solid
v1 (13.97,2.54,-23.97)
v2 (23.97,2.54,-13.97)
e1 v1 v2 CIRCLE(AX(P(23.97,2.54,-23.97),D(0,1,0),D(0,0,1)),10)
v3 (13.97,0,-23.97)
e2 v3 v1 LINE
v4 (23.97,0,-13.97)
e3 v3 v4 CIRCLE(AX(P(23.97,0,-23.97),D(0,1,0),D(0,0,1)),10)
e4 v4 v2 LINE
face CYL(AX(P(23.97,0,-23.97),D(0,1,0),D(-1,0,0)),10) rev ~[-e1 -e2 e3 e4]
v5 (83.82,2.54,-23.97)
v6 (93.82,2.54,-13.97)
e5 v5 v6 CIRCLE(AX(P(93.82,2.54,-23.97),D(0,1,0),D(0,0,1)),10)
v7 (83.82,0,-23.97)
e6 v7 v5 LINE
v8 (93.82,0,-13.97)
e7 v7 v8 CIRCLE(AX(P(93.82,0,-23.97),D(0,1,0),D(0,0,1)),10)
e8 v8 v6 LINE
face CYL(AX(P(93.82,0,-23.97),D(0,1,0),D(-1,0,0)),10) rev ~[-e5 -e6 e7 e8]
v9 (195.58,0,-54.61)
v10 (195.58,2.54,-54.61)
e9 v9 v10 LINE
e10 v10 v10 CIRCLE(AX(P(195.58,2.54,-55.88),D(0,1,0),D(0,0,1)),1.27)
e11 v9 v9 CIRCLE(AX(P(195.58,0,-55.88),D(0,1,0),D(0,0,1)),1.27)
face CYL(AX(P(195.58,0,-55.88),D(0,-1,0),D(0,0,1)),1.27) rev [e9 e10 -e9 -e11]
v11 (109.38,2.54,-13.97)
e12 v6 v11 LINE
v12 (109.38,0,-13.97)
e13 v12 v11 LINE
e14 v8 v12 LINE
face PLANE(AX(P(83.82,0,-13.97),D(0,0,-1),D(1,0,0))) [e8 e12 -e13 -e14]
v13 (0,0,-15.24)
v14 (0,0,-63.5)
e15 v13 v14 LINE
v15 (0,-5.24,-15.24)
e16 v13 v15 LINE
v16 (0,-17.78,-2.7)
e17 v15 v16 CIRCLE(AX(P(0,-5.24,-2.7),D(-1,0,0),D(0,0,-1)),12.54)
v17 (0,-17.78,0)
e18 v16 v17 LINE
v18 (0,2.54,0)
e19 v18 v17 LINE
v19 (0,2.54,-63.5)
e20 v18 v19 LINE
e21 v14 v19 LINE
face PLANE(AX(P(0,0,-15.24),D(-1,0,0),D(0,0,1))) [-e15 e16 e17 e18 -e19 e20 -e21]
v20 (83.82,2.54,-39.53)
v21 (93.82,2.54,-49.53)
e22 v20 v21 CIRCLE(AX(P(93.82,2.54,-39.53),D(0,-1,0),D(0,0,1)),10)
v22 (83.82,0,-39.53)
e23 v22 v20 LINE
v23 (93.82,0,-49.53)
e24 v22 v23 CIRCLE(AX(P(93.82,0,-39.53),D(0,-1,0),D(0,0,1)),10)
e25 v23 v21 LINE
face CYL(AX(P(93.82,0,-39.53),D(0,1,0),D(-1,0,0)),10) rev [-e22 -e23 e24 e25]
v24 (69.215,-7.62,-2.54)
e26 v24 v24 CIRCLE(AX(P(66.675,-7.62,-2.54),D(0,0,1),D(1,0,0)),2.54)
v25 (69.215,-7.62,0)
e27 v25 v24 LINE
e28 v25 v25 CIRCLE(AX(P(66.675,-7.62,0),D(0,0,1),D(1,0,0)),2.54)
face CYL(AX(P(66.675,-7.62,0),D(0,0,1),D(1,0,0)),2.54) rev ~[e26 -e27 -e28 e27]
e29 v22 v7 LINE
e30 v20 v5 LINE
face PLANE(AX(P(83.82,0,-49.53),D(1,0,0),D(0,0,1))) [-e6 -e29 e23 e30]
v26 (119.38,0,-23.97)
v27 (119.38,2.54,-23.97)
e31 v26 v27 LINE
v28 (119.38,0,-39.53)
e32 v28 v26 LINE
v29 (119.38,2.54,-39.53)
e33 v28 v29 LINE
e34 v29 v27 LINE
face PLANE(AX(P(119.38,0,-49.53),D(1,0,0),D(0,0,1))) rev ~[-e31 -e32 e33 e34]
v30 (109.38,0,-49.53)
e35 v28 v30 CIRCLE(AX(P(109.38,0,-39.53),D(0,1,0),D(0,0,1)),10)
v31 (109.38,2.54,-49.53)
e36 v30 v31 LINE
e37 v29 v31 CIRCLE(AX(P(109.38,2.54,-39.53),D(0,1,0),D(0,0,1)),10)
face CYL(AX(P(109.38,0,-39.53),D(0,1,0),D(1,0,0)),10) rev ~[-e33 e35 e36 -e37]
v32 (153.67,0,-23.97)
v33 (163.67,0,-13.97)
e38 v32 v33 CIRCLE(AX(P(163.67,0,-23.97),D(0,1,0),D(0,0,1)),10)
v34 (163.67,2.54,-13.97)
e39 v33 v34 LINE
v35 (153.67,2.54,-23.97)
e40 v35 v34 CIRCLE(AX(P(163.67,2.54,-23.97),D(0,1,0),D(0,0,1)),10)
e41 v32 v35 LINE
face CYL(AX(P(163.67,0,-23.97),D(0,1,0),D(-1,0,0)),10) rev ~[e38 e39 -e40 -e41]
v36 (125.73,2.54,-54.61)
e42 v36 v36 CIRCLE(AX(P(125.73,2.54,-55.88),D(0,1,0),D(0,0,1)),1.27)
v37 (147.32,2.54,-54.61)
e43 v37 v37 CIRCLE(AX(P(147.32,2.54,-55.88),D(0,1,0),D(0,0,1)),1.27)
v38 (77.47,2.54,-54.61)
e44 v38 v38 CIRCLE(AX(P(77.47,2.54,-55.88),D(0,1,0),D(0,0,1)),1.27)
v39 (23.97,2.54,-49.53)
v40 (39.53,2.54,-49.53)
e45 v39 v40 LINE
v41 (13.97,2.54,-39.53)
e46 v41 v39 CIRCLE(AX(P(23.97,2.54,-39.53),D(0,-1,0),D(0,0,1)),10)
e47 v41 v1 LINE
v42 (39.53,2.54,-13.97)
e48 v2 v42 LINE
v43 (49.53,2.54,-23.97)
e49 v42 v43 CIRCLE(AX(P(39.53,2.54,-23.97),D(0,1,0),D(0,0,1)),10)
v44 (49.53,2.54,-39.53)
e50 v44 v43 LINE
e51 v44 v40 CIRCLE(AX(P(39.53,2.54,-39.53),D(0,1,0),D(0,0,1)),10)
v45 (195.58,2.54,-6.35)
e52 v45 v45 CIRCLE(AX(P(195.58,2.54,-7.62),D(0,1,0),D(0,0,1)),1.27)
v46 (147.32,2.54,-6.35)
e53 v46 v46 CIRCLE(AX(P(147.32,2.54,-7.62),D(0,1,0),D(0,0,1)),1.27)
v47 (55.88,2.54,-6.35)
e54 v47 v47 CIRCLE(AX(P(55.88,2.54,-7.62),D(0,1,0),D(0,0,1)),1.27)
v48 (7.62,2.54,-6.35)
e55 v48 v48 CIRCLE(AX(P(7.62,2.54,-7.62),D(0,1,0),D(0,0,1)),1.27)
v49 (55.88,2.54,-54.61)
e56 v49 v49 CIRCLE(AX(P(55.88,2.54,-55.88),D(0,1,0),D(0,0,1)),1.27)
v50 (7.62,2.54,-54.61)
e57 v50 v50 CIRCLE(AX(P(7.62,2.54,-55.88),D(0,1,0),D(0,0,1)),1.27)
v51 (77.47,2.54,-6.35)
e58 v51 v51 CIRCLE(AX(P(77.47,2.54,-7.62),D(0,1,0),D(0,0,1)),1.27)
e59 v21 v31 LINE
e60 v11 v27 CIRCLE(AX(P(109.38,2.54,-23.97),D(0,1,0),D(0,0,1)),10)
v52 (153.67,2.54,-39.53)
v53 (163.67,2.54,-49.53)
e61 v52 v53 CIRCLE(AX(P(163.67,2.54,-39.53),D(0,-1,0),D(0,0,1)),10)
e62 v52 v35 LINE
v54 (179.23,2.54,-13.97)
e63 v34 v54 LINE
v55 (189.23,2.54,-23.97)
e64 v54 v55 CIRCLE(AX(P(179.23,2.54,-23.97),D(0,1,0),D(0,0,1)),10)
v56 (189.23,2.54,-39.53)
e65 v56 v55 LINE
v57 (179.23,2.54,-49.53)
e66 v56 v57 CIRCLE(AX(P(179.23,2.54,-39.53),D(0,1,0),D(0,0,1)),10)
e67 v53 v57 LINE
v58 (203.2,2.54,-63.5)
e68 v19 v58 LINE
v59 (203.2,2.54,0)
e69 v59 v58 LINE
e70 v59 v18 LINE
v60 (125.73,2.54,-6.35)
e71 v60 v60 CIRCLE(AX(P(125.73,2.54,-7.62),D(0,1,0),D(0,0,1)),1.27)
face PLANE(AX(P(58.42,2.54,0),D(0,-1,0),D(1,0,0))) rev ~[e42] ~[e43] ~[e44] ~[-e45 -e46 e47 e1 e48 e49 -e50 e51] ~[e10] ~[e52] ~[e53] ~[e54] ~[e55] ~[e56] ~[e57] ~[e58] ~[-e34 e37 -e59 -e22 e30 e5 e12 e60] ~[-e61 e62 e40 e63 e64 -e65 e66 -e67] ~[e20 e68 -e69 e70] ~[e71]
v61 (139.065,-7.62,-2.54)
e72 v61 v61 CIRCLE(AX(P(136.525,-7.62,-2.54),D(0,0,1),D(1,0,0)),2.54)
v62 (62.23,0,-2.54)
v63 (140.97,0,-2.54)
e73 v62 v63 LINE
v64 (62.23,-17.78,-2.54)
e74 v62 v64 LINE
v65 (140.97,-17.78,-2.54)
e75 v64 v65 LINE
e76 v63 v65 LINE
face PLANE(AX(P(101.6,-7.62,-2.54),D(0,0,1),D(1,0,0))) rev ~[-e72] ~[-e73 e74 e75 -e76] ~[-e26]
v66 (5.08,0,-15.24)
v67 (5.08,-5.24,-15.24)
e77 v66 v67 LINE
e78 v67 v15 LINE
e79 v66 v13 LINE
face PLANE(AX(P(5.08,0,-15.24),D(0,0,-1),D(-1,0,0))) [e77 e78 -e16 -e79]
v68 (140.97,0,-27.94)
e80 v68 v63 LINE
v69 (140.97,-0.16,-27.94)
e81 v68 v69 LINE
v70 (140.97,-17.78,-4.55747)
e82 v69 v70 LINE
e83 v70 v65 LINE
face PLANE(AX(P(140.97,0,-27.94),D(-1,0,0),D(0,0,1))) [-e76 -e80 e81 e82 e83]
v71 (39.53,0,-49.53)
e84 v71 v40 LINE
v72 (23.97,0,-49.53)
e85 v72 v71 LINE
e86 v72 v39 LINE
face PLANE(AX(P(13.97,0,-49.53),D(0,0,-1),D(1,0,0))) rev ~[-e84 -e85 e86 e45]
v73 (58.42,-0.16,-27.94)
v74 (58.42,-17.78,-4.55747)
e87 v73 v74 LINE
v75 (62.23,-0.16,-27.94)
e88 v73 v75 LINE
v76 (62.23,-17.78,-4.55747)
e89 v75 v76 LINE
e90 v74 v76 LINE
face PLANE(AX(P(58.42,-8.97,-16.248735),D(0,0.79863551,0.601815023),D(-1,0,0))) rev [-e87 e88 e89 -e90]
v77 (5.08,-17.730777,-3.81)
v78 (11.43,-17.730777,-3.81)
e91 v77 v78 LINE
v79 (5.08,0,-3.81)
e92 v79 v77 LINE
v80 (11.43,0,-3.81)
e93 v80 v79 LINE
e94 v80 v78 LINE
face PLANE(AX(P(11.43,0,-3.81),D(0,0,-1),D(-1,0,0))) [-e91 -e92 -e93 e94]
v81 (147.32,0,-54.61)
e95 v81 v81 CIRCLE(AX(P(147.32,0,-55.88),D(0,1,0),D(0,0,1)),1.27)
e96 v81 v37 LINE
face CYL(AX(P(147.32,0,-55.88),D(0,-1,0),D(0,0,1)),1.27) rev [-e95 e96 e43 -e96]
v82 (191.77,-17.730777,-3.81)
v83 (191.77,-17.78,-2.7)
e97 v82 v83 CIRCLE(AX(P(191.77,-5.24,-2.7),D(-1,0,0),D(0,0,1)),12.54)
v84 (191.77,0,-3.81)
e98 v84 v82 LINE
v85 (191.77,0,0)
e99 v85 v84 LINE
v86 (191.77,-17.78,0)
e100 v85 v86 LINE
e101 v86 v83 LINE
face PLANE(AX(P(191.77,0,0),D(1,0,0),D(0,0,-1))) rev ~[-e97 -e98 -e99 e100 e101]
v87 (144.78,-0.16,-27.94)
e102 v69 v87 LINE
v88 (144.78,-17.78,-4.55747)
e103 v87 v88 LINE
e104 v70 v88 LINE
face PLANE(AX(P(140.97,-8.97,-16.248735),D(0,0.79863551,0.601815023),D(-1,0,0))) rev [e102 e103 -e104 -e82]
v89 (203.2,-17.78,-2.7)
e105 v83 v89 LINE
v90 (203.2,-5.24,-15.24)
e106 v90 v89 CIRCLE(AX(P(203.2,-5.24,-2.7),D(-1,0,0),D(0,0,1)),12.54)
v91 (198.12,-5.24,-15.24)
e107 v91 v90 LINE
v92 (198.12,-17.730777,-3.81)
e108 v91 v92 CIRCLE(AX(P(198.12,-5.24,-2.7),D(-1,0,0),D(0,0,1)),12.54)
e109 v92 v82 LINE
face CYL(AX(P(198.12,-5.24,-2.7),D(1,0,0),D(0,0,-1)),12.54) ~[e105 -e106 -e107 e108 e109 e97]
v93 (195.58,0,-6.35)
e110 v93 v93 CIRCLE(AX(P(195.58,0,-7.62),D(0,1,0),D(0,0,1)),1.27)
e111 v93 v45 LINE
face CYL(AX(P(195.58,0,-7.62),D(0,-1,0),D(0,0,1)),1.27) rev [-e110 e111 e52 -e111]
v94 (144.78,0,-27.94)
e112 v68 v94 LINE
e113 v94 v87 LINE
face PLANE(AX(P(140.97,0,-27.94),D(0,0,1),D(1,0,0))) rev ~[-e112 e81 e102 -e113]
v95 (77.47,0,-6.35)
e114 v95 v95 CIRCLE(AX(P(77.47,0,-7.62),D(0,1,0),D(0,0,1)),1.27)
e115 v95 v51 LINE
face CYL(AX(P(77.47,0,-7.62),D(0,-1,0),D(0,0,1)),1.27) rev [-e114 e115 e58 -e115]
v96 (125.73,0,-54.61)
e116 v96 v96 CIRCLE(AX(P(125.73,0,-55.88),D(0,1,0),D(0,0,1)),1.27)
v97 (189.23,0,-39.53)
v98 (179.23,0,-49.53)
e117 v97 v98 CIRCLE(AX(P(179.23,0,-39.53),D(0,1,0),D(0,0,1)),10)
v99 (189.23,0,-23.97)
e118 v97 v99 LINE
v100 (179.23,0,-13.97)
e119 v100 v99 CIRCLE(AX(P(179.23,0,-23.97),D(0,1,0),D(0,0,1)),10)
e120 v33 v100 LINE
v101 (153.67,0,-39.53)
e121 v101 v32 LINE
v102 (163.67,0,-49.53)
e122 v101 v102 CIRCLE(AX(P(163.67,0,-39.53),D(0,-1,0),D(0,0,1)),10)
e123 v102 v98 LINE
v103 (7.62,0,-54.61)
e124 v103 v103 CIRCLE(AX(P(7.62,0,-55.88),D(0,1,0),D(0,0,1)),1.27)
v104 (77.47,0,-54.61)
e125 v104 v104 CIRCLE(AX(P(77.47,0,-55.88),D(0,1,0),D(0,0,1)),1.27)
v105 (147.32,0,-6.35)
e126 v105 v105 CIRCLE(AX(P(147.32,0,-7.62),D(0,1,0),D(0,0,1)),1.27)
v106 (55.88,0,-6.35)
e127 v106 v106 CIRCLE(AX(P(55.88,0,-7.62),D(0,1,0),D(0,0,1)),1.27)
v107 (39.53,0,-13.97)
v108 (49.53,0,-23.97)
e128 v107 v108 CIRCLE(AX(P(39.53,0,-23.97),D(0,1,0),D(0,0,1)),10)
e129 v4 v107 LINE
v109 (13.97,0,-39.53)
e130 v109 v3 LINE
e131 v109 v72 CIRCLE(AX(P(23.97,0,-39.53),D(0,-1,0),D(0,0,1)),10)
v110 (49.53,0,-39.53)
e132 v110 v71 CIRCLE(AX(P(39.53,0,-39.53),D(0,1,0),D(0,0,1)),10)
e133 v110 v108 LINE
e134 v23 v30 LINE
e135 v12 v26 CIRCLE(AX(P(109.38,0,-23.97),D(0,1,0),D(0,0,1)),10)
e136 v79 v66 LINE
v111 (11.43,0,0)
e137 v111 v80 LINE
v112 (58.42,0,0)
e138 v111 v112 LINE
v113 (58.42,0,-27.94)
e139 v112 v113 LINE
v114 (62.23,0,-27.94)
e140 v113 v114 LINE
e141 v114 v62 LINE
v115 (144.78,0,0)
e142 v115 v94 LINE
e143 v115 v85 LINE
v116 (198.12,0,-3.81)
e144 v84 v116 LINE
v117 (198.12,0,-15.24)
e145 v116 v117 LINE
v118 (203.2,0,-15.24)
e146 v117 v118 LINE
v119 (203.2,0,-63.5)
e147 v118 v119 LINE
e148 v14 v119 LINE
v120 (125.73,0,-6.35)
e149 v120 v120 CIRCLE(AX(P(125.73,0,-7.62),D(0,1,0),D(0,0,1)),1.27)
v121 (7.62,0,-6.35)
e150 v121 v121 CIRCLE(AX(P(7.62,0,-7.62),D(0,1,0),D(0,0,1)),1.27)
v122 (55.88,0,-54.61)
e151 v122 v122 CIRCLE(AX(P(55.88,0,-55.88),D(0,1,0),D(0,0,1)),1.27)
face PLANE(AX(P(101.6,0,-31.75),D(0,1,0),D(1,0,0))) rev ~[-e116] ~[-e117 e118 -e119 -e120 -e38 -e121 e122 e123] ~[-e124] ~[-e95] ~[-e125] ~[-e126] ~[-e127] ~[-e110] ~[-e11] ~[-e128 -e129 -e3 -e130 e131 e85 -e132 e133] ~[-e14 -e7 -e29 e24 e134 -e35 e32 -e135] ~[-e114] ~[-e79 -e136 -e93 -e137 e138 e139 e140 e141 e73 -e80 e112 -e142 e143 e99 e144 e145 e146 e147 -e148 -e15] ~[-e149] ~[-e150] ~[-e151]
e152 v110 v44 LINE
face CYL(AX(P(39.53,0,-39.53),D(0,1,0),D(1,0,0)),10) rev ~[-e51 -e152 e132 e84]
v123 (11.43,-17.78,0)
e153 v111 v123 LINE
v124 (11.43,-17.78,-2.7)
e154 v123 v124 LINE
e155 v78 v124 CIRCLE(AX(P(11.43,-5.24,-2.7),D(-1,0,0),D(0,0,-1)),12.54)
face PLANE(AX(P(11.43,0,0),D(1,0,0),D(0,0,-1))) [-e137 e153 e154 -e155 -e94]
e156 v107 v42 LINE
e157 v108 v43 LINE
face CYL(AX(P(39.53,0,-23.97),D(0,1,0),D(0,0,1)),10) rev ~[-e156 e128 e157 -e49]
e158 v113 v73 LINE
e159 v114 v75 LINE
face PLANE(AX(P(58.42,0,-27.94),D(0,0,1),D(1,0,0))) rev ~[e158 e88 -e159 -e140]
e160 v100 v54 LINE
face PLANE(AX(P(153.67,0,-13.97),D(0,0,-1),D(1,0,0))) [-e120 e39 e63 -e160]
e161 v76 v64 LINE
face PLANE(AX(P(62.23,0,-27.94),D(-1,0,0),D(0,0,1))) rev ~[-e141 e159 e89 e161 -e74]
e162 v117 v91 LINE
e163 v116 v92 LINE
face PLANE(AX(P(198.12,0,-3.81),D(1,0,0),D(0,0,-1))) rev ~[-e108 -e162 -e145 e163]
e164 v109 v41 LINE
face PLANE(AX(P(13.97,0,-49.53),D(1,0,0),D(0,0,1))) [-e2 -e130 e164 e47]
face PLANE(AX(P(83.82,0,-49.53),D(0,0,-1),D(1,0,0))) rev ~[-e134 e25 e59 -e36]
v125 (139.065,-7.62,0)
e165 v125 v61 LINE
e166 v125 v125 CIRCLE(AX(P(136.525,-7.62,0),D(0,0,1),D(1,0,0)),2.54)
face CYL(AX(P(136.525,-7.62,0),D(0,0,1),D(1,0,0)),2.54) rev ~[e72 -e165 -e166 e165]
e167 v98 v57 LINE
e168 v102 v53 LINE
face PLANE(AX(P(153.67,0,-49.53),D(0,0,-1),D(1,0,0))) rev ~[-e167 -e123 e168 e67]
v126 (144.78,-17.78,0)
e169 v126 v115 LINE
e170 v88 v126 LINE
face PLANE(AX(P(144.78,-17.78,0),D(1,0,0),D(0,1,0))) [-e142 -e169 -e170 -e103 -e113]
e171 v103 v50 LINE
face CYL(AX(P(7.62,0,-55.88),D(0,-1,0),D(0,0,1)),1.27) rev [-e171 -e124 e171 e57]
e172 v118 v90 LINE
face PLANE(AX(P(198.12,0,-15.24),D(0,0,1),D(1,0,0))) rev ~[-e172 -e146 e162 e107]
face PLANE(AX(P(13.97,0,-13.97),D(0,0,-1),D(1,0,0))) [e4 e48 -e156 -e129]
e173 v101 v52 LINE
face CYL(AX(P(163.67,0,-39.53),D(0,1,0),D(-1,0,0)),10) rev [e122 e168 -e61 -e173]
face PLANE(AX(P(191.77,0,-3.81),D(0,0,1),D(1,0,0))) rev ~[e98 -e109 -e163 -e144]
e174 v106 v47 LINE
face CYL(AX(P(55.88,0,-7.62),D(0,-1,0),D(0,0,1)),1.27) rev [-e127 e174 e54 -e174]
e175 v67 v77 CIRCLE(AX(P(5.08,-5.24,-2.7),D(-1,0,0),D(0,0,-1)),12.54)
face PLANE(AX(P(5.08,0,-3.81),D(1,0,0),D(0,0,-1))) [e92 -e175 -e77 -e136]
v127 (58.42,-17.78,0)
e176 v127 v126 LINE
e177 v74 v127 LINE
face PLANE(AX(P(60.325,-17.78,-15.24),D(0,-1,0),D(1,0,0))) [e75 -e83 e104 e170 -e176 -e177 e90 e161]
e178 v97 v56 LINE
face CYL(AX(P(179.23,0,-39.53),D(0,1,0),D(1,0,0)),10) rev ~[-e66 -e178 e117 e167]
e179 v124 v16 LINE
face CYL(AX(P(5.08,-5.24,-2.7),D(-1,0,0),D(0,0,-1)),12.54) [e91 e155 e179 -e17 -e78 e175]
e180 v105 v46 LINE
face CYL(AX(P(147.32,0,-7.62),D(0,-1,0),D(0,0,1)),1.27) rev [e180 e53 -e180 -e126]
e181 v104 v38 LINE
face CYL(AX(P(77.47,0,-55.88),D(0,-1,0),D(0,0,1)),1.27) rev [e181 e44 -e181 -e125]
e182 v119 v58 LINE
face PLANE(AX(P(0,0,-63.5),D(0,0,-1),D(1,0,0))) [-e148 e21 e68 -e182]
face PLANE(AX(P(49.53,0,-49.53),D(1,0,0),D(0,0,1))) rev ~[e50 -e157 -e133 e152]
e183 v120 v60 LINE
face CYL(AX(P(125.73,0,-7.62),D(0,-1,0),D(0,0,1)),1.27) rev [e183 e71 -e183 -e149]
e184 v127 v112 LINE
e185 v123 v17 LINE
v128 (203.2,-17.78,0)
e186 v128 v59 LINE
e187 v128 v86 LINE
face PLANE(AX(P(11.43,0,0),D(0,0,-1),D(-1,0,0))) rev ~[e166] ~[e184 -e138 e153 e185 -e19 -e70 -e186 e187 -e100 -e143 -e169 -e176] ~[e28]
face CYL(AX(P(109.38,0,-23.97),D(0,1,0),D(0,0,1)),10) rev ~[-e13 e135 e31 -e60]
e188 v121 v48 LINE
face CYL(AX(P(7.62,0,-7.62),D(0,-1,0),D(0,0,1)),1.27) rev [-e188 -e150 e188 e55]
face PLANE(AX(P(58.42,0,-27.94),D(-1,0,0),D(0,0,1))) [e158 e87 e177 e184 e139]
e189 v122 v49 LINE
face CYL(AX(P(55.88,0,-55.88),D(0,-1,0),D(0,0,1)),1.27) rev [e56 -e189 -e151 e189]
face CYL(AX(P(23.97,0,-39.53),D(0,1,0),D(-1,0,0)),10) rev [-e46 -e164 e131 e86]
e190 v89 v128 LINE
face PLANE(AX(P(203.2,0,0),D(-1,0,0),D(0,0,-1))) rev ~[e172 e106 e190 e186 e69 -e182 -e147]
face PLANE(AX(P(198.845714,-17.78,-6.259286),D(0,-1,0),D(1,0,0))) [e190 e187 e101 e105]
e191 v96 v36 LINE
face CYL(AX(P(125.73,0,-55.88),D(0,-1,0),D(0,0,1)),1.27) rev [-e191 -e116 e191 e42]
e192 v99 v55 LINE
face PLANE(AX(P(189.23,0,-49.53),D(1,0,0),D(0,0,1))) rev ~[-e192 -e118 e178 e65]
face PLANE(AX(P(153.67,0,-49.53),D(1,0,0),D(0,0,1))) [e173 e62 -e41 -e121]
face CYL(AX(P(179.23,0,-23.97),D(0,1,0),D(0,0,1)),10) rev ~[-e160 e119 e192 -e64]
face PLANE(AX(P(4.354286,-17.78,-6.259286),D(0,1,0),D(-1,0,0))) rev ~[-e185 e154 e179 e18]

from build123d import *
from OCP.BRepFilletAPI import BRepFilletAPI_MakeChamfer

# Parameters (mm, degrees)
SKETCH1_W           = 203.2
SKETCH1_H           = 63.5
SKETCH1_R           = 1.27
BOSS_EXTRUDE1_DEPTH = 2.54
SKETCH2_W           = 86.36
SKETCH2_H           = 20.32
SKETCH2_R           = 2.54
BOSS_EXTRUDE2_DEPTH = 2.54
SKETCH3_W           = 3.81
SKETCH3_H           = 25.4
BOSS_EXTRUDE3_DEPTH = 17.78
CHAMFER1_SIZE       = 17.62
CHAMFER1_SIZE2      = 23.382529757
SKETCH4_W           = 35.56
SKETCH4_H           = 35.56
CUT_EXTRUDE1_DEPTH  = 214.631969518
FILLET1_R           = 10
BOSS_EXTRUDE4_DEPTH = 17.78
FILLET2_R           = 12.54


with BuildPart() as part:
    # Sketch1 → Boss-Extrude1 (new body)
    with BuildSketch(Plane(origin=(0, 0, 0), x_dir=(1, 0, 0), z_dir=(0, 1, 0))):
        with Locations((101.6, 31.75)):
            Rectangle(SKETCH1_W, SKETCH1_H)
        with Locations(Location((7.62, 55.88, 0), (0, 0, 270))):
            Circle(SKETCH1_R, mode=Mode.SUBTRACT)
        with Locations(Location((55.88, 55.88, 0), (0, 0, 270))):
            Circle(SKETCH1_R, mode=Mode.SUBTRACT)
        with Locations(Location((7.62, 7.62, 0), (0, 0, 270))):
            Circle(SKETCH1_R, mode=Mode.SUBTRACT)
        with Locations(Location((55.88, 7.62, 0), (0, 0, 270))):
            Circle(SKETCH1_R, mode=Mode.SUBTRACT)
        with Locations(Location((77.47, 55.88, 0), (0, 0, 270))):
            Circle(SKETCH1_R, mode=Mode.SUBTRACT)
        with Locations(Location((125.73, 55.88, 0), (0, 0, 270))):
            Circle(SKETCH1_R, mode=Mode.SUBTRACT)
        with Locations(Location((125.73, 7.62, 0), (0, 0, 270))):
            Circle(SKETCH1_R, mode=Mode.SUBTRACT)
        with Locations(Location((77.47, 7.62, 0), (0, 0, 270))):
            Circle(SKETCH1_R, mode=Mode.SUBTRACT)
        with Locations(Location((147.32, 55.88, 0), (0, 0, 270))):
            Circle(SKETCH1_R, mode=Mode.SUBTRACT)
        with Locations(Location((195.58, 55.88, 0), (0, 0, 270))):
            Circle(SKETCH1_R, mode=Mode.SUBTRACT)
        with Locations(Location((195.58, 7.62, 0), (0, 0, 270))):
            Circle(SKETCH1_R, mode=Mode.SUBTRACT)
        with Locations(Location((147.32, 7.62, 0), (0, 0, 270))):
            Circle(SKETCH1_R, mode=Mode.SUBTRACT)
    extrude(amount=BOSS_EXTRUDE1_DEPTH)

    # Sketch2 → Boss-Extrude2 (add)
    with BuildSketch(Plane.XY):
        with Locations((101.6, -7.62)):
            Rectangle(SKETCH2_W, SKETCH2_H)
        with Locations((66.675, -7.62)):
            Circle(SKETCH2_R, mode=Mode.SUBTRACT)
        with Locations((136.525, -7.62)):
            Circle(SKETCH2_R, mode=Mode.SUBTRACT)
    extrude(amount=-BOSS_EXTRUDE2_DEPTH)

    # Sketch3 → Boss-Extrude3 (add)
    with BuildSketch(Plane.XZ):
        with Locations((60.325, -15.24)):
            Rectangle(SKETCH3_W, SKETCH3_H)
        with Locations((142.875, -15.24)):
            Rectangle(SKETCH3_W, SKETCH3_H)
    extrude(amount=BOSS_EXTRUDE3_DEPTH)

    # Chamfer1: one chamfer whose edges measure the first distance from different faces: ONE call of the kernel's chamfer builder (chamfer() names one face for all edges)
    chamfer1_edges_1 = [part.edges().sort_by_distance(p)[0] for p in [
        (142.875, -17.78, -27.94),
    ]]
    chamfer1_side_1 = [part.faces().sort_by_distance(p)[0] for p in [
        (142.875, -8.89, -27.94),
    ]]
    chamfer1_edges_2 = [part.edges().sort_by_distance(p)[0] for p in [
        (60.325, -17.78, -27.94),
    ]]
    chamfer1_side_2 = [part.faces().sort_by_distance(p)[0] for p in [
        (60.325, -8.89, -27.94),
    ]]
    chamfer1 = BRepFilletAPI_MakeChamfer(part.part.solid().wrapped)
    for e in chamfer1_edges_1:
        chamfer1.Add(CHAMFER1_SIZE, CHAMFER1_SIZE2, e.wrapped, chamfer1_side_1[0].wrapped)  # the first distance lies on this face
    for e in chamfer1_edges_2:
        chamfer1.Add(CHAMFER1_SIZE, CHAMFER1_SIZE2, e.wrapped, chamfer1_side_2[0].wrapped)  # the first distance lies on this face
    add(Compound.cast(chamfer1.Shape()), mode=Mode.REPLACE)

    # Sketch4 → Cut-Extrude1 (cut, through all)
    with BuildSketch(Plane.XZ):
        with Locations((31.75, -31.75)):
            Rectangle(SKETCH4_W, SKETCH4_H)
        with Locations((101.6, -31.75)):
            Rectangle(SKETCH4_W, SKETCH4_H)
        with Locations((171.45, -31.75)):
            Rectangle(SKETCH4_W, SKETCH4_H)
    extrude(amount=-CUT_EXTRUDE1_DEPTH, mode=Mode.SUBTRACT)

    # Fillet1
    fillet1_edges = [part.edges().sort_by_distance(p)[0] for p in [
        (13.97, 1.27, -49.53),
        (13.97, 1.27, -13.97),
        (49.53, 1.27, -13.97),
        (49.53, 1.27, -49.53),
        (83.82, 1.27, -49.53),
        (83.82, 1.27, -13.97),
        (119.38, 1.27, -13.97),
        (119.38, 1.27, -49.53),
        (153.67, 1.27, -49.53),
        (153.67, 1.27, -13.97),
        (189.23, 1.27, -13.97),
        (189.23, 1.27, -49.53),
    ]]
    fillet(fillet1_edges, radius=FILLET1_R)

    # Sketch5 → Boss-Extrude4 (add)
    with BuildSketch(Plane.XZ):
        Polygon((0, 0), (5.08, 0), (11.43, 0), (11.43, -3.81), (5.08, -3.81), (5.08, -15.24), (0, -15.24), align=None)
        Polygon((203.2, 0), (191.77, 0), (191.77, -3.81), (198.12, -3.81), (198.12, -15.24), (203.2, -15.24), align=None)
    extrude(amount=BOSS_EXTRUDE4_DEPTH)

    # Fillet2
    fillet2_edges = [part.edges().sort_by_distance(p)[0] for p in [
        (200.66, -17.78, -15.24),
        (2.54, -17.78, -15.24),
    ]]
    fillet(fillet2_edges, radius=FILLET2_R)


solid = part.part
